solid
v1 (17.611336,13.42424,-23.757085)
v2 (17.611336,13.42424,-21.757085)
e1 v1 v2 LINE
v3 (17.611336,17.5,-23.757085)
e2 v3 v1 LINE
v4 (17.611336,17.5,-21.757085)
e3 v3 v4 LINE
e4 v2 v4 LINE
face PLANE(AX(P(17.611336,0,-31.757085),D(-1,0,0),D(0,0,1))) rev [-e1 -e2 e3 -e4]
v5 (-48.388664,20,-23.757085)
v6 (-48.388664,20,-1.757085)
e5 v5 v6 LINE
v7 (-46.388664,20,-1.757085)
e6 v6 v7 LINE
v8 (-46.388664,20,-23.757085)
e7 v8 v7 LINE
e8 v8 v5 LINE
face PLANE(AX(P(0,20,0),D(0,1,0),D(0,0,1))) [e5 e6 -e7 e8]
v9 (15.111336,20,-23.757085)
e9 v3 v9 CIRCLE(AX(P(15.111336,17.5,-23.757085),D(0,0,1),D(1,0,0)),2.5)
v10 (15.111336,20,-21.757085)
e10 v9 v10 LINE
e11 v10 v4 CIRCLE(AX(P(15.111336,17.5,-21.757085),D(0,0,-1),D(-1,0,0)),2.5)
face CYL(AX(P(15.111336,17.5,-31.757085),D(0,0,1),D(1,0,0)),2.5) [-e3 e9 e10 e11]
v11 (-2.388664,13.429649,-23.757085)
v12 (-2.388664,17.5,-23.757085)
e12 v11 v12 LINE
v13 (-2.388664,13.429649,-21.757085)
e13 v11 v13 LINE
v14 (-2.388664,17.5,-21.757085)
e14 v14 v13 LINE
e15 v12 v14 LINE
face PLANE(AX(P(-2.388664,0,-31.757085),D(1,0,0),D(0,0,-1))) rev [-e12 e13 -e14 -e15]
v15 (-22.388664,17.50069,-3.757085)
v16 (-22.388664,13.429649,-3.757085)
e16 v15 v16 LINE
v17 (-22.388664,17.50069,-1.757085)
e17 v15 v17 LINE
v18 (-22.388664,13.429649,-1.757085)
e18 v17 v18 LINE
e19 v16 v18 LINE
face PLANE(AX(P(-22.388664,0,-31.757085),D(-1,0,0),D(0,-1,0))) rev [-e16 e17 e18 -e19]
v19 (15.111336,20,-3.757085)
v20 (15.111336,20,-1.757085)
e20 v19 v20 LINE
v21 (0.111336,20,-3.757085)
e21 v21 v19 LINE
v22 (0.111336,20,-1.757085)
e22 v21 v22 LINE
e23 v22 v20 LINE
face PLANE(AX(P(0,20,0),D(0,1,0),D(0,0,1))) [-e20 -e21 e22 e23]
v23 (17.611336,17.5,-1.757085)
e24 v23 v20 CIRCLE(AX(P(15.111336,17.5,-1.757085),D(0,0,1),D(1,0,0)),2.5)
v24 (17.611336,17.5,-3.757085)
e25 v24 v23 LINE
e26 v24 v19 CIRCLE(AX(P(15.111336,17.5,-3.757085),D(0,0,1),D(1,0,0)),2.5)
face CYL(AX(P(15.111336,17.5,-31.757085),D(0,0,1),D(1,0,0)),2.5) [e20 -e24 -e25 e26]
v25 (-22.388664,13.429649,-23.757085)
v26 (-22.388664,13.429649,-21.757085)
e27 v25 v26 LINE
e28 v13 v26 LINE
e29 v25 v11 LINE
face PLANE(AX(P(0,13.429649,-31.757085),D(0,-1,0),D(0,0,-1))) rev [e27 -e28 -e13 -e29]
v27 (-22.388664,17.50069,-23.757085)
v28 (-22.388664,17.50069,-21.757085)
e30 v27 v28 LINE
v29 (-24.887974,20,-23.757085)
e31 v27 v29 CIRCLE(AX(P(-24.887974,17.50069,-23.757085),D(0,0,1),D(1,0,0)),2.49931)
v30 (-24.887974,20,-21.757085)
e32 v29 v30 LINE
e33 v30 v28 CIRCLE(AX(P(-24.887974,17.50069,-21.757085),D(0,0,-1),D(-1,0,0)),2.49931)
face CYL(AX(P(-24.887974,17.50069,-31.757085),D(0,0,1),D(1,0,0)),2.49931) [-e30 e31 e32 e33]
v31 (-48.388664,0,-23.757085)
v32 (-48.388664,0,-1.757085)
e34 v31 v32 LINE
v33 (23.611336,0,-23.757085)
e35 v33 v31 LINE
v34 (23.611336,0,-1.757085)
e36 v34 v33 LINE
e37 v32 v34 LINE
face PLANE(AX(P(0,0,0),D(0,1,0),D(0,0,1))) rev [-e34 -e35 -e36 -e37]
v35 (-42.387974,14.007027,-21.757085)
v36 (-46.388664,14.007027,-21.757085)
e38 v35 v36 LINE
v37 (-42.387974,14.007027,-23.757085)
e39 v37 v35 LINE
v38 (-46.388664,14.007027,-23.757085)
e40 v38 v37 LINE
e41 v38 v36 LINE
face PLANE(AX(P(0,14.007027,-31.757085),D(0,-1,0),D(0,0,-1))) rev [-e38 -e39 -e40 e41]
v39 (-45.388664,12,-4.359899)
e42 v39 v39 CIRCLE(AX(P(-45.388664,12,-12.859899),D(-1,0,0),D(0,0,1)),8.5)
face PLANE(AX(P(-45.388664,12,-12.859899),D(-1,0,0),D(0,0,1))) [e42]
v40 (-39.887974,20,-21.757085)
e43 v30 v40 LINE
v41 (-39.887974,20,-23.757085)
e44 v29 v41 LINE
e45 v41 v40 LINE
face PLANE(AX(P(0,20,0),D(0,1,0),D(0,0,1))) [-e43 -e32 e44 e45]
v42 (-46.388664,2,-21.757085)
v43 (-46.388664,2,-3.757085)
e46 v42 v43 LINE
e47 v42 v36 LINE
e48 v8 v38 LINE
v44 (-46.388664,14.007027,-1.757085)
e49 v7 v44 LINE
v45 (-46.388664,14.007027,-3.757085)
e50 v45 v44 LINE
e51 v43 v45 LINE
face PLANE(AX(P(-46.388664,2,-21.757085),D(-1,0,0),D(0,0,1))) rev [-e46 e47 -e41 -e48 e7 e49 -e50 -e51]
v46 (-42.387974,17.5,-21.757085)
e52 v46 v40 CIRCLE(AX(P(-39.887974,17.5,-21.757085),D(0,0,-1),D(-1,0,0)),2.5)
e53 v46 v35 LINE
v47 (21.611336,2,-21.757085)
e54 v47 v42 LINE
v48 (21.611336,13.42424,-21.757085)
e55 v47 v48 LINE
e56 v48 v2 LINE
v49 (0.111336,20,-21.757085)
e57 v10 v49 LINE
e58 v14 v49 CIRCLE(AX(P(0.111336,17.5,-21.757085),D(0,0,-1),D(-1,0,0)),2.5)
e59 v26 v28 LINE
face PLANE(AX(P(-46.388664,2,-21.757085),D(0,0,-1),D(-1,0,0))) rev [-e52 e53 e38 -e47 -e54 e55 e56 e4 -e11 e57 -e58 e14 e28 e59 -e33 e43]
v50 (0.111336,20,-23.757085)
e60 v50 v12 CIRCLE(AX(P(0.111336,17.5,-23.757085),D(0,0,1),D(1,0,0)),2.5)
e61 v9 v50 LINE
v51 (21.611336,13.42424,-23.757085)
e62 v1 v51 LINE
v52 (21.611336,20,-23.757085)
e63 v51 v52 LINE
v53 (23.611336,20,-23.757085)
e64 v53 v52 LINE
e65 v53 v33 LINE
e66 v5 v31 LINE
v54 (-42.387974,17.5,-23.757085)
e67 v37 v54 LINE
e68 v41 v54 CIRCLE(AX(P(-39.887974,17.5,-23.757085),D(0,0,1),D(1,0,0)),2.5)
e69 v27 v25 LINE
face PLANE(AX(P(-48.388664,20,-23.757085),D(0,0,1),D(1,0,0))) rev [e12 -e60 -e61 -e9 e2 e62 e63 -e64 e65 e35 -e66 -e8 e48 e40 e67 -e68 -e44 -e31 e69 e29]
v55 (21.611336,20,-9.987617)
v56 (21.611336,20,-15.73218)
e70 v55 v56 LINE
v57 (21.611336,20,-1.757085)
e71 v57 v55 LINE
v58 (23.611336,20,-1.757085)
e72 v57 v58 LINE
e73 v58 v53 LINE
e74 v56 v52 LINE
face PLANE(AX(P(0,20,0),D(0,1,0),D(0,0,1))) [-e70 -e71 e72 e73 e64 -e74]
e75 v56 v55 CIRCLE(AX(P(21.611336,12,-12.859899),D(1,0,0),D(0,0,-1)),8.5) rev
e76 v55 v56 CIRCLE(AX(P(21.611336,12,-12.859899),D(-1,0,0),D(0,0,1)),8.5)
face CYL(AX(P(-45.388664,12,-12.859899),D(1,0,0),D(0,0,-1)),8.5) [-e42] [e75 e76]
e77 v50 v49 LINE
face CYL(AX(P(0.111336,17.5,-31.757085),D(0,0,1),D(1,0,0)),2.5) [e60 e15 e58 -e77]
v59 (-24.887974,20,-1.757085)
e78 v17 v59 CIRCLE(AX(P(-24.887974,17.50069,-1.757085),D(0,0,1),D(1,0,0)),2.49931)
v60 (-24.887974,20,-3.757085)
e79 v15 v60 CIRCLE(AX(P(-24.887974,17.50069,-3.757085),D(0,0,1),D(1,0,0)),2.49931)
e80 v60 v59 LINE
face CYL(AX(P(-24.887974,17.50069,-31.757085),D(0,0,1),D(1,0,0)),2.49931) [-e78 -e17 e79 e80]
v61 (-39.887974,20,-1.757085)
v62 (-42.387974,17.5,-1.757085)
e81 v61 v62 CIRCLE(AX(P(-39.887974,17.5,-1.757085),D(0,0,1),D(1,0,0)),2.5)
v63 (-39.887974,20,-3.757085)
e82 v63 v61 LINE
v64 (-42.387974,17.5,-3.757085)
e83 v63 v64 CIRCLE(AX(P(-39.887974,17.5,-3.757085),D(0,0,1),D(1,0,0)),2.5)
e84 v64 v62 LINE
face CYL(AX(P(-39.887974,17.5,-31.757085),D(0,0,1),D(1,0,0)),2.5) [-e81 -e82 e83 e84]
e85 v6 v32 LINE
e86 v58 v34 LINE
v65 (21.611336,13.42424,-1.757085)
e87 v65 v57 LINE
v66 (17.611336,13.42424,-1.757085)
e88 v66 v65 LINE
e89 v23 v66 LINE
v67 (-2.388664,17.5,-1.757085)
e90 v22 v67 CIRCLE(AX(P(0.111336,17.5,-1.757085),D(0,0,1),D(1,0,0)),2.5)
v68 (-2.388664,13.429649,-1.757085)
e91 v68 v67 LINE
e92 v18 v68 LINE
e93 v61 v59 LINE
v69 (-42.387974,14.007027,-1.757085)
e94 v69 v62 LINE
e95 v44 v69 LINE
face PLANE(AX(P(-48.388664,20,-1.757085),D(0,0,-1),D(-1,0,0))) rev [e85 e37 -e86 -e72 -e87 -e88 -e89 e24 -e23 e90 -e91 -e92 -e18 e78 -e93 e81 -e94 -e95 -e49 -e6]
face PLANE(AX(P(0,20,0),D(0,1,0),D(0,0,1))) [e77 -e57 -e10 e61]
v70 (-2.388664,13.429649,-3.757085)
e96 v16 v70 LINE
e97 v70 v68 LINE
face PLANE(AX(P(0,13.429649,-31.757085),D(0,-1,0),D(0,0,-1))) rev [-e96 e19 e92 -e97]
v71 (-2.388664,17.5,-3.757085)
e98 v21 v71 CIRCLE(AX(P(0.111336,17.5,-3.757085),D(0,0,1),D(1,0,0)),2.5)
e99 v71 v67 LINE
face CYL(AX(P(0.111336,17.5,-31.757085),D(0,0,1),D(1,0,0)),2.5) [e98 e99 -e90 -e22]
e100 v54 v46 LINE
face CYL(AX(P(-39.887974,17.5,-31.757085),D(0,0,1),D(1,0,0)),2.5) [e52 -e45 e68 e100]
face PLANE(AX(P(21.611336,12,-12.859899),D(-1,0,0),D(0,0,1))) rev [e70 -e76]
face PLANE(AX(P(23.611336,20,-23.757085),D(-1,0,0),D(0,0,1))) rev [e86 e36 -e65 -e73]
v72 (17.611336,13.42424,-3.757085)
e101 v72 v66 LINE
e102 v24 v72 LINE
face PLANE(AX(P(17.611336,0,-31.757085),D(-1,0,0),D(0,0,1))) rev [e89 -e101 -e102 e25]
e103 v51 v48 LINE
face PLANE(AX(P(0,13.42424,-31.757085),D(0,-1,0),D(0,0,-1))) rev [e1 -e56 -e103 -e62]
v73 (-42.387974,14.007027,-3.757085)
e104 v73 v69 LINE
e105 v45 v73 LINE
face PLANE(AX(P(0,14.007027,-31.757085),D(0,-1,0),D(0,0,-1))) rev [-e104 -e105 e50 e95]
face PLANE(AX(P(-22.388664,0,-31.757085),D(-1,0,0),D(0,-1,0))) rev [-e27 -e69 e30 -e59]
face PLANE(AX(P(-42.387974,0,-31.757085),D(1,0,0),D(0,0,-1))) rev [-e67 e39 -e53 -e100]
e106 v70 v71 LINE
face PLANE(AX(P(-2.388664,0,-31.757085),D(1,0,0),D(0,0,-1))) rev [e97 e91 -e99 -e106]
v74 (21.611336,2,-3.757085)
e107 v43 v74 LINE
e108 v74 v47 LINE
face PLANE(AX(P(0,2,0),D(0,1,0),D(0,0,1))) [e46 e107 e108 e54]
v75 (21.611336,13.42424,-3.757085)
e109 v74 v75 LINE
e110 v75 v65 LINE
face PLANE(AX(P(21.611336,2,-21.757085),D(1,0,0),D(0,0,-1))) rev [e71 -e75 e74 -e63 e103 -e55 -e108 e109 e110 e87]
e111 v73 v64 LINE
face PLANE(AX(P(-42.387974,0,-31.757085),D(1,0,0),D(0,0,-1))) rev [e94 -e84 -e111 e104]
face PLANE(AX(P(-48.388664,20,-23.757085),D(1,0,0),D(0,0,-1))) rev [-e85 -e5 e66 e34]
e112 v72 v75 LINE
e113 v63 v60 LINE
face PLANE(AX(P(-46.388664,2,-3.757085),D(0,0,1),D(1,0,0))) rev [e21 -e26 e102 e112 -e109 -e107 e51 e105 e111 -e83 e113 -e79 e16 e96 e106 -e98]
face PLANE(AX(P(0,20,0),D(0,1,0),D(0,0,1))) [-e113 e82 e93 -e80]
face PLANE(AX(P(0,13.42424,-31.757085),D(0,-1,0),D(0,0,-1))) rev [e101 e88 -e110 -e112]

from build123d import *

# Parameters (mm, degrees)
SKETCH1_W           = 72
SKETCH1_H           = 22
BOSS_EXTRUDE1_DEPTH = 20
SKETCH2_W           = 68
SKETCH2_H           = 18
CUT_EXTRUDE1_DEPTH  = 18
CUT_EXTRUDE2_DEPTH  = 30
SKETCH5_R           = 8.5
BOSS_EXTRUDE3_DEPTH = 67


with BuildPart() as part:
    # Sketch1 → Boss-Extrude1 (new body)
    with BuildSketch(Plane(origin=(0, 0, 0), x_dir=(1, 0, 0), z_dir=(0, 1, 0))):
        with Locations((-12.388663968, 12.75708502)):
            Rectangle(SKETCH1_W, SKETCH1_H)
    extrude(amount=BOSS_EXTRUDE1_DEPTH)

    # Sketch2 → Cut-Extrude1 (cut)
    with BuildSketch(Plane(origin=(0, 20, 0), x_dir=(1, 0, 0), z_dir=(0, 1, 0))):
        with Locations((-12.388663968, 12.75708502)):
            Rectangle(SKETCH2_W, SKETCH2_H)
    extrude(amount=-CUT_EXTRUDE1_DEPTH, mode=Mode.SUBTRACT)

    # Sketch4 → Cut-Extrude2 (cut)
    with BuildSketch(Plane.XY.offset(-1.75708502)):
        with BuildLine():
            Line((-46.388663968, 20), (-46.388663968, 14.00702655))
            Line((-46.388663968, 14.00702655), (-42.387974224, 14.00702655))
            Line((-42.387974224, 14.00702655), (-42.387974224, 17.5))
            ThreePointArc((-42.387974224, 17.5), (-41.655741177, 19.267766953), (-39.887974224, 20))
            Line((-39.887974224, 20), (-46.388663968, 20))
        make_face()
        with BuildLine():
            Line((0.111336032, 20), (-24.887974224, 20))
            ThreePointArc((-24.887974224, 20), (-23.120694993, 19.267968974), (-22.388663968, 17.500689744))
            Line((-22.388663968, 17.500689744), (-22.388663968, 13.429648774))
            Line((-22.388663968, 13.429648774), (-2.388663968, 13.429648774))
            Line((-2.388663968, 13.429648774), (-2.388663968, 17.5))
            ThreePointArc((-2.388663968, 17.5), (-1.656430921, 19.267766953), (0.111336032, 20))
        make_face()
        with BuildLine():
            Line((21.611336032, 20), (15.111336032, 20))
            ThreePointArc((15.111336032, 20), (16.879102985, 19.267766953), (17.611336032, 17.5))
            Line((17.611336032, 17.5), (17.611336032, 13.424239873))
            Line((17.611336032, 13.424239873), (21.611336032, 13.424239873))
            Line((21.611336032, 13.424239873), (21.611336032, 20))
        make_face()
    extrude(amount=-CUT_EXTRUDE2_DEPTH, mode=Mode.SUBTRACT)

    # Sketch5 → Boss-Extrude3 (add)
    with BuildSketch(Plane.ZY.offset(-21.611336032)):
        with Locations((-12.859898676, 12)):
            Circle(SKETCH5_R)
    extrude(amount=BOSS_EXTRUDE3_DEPTH)


solid = part.part
